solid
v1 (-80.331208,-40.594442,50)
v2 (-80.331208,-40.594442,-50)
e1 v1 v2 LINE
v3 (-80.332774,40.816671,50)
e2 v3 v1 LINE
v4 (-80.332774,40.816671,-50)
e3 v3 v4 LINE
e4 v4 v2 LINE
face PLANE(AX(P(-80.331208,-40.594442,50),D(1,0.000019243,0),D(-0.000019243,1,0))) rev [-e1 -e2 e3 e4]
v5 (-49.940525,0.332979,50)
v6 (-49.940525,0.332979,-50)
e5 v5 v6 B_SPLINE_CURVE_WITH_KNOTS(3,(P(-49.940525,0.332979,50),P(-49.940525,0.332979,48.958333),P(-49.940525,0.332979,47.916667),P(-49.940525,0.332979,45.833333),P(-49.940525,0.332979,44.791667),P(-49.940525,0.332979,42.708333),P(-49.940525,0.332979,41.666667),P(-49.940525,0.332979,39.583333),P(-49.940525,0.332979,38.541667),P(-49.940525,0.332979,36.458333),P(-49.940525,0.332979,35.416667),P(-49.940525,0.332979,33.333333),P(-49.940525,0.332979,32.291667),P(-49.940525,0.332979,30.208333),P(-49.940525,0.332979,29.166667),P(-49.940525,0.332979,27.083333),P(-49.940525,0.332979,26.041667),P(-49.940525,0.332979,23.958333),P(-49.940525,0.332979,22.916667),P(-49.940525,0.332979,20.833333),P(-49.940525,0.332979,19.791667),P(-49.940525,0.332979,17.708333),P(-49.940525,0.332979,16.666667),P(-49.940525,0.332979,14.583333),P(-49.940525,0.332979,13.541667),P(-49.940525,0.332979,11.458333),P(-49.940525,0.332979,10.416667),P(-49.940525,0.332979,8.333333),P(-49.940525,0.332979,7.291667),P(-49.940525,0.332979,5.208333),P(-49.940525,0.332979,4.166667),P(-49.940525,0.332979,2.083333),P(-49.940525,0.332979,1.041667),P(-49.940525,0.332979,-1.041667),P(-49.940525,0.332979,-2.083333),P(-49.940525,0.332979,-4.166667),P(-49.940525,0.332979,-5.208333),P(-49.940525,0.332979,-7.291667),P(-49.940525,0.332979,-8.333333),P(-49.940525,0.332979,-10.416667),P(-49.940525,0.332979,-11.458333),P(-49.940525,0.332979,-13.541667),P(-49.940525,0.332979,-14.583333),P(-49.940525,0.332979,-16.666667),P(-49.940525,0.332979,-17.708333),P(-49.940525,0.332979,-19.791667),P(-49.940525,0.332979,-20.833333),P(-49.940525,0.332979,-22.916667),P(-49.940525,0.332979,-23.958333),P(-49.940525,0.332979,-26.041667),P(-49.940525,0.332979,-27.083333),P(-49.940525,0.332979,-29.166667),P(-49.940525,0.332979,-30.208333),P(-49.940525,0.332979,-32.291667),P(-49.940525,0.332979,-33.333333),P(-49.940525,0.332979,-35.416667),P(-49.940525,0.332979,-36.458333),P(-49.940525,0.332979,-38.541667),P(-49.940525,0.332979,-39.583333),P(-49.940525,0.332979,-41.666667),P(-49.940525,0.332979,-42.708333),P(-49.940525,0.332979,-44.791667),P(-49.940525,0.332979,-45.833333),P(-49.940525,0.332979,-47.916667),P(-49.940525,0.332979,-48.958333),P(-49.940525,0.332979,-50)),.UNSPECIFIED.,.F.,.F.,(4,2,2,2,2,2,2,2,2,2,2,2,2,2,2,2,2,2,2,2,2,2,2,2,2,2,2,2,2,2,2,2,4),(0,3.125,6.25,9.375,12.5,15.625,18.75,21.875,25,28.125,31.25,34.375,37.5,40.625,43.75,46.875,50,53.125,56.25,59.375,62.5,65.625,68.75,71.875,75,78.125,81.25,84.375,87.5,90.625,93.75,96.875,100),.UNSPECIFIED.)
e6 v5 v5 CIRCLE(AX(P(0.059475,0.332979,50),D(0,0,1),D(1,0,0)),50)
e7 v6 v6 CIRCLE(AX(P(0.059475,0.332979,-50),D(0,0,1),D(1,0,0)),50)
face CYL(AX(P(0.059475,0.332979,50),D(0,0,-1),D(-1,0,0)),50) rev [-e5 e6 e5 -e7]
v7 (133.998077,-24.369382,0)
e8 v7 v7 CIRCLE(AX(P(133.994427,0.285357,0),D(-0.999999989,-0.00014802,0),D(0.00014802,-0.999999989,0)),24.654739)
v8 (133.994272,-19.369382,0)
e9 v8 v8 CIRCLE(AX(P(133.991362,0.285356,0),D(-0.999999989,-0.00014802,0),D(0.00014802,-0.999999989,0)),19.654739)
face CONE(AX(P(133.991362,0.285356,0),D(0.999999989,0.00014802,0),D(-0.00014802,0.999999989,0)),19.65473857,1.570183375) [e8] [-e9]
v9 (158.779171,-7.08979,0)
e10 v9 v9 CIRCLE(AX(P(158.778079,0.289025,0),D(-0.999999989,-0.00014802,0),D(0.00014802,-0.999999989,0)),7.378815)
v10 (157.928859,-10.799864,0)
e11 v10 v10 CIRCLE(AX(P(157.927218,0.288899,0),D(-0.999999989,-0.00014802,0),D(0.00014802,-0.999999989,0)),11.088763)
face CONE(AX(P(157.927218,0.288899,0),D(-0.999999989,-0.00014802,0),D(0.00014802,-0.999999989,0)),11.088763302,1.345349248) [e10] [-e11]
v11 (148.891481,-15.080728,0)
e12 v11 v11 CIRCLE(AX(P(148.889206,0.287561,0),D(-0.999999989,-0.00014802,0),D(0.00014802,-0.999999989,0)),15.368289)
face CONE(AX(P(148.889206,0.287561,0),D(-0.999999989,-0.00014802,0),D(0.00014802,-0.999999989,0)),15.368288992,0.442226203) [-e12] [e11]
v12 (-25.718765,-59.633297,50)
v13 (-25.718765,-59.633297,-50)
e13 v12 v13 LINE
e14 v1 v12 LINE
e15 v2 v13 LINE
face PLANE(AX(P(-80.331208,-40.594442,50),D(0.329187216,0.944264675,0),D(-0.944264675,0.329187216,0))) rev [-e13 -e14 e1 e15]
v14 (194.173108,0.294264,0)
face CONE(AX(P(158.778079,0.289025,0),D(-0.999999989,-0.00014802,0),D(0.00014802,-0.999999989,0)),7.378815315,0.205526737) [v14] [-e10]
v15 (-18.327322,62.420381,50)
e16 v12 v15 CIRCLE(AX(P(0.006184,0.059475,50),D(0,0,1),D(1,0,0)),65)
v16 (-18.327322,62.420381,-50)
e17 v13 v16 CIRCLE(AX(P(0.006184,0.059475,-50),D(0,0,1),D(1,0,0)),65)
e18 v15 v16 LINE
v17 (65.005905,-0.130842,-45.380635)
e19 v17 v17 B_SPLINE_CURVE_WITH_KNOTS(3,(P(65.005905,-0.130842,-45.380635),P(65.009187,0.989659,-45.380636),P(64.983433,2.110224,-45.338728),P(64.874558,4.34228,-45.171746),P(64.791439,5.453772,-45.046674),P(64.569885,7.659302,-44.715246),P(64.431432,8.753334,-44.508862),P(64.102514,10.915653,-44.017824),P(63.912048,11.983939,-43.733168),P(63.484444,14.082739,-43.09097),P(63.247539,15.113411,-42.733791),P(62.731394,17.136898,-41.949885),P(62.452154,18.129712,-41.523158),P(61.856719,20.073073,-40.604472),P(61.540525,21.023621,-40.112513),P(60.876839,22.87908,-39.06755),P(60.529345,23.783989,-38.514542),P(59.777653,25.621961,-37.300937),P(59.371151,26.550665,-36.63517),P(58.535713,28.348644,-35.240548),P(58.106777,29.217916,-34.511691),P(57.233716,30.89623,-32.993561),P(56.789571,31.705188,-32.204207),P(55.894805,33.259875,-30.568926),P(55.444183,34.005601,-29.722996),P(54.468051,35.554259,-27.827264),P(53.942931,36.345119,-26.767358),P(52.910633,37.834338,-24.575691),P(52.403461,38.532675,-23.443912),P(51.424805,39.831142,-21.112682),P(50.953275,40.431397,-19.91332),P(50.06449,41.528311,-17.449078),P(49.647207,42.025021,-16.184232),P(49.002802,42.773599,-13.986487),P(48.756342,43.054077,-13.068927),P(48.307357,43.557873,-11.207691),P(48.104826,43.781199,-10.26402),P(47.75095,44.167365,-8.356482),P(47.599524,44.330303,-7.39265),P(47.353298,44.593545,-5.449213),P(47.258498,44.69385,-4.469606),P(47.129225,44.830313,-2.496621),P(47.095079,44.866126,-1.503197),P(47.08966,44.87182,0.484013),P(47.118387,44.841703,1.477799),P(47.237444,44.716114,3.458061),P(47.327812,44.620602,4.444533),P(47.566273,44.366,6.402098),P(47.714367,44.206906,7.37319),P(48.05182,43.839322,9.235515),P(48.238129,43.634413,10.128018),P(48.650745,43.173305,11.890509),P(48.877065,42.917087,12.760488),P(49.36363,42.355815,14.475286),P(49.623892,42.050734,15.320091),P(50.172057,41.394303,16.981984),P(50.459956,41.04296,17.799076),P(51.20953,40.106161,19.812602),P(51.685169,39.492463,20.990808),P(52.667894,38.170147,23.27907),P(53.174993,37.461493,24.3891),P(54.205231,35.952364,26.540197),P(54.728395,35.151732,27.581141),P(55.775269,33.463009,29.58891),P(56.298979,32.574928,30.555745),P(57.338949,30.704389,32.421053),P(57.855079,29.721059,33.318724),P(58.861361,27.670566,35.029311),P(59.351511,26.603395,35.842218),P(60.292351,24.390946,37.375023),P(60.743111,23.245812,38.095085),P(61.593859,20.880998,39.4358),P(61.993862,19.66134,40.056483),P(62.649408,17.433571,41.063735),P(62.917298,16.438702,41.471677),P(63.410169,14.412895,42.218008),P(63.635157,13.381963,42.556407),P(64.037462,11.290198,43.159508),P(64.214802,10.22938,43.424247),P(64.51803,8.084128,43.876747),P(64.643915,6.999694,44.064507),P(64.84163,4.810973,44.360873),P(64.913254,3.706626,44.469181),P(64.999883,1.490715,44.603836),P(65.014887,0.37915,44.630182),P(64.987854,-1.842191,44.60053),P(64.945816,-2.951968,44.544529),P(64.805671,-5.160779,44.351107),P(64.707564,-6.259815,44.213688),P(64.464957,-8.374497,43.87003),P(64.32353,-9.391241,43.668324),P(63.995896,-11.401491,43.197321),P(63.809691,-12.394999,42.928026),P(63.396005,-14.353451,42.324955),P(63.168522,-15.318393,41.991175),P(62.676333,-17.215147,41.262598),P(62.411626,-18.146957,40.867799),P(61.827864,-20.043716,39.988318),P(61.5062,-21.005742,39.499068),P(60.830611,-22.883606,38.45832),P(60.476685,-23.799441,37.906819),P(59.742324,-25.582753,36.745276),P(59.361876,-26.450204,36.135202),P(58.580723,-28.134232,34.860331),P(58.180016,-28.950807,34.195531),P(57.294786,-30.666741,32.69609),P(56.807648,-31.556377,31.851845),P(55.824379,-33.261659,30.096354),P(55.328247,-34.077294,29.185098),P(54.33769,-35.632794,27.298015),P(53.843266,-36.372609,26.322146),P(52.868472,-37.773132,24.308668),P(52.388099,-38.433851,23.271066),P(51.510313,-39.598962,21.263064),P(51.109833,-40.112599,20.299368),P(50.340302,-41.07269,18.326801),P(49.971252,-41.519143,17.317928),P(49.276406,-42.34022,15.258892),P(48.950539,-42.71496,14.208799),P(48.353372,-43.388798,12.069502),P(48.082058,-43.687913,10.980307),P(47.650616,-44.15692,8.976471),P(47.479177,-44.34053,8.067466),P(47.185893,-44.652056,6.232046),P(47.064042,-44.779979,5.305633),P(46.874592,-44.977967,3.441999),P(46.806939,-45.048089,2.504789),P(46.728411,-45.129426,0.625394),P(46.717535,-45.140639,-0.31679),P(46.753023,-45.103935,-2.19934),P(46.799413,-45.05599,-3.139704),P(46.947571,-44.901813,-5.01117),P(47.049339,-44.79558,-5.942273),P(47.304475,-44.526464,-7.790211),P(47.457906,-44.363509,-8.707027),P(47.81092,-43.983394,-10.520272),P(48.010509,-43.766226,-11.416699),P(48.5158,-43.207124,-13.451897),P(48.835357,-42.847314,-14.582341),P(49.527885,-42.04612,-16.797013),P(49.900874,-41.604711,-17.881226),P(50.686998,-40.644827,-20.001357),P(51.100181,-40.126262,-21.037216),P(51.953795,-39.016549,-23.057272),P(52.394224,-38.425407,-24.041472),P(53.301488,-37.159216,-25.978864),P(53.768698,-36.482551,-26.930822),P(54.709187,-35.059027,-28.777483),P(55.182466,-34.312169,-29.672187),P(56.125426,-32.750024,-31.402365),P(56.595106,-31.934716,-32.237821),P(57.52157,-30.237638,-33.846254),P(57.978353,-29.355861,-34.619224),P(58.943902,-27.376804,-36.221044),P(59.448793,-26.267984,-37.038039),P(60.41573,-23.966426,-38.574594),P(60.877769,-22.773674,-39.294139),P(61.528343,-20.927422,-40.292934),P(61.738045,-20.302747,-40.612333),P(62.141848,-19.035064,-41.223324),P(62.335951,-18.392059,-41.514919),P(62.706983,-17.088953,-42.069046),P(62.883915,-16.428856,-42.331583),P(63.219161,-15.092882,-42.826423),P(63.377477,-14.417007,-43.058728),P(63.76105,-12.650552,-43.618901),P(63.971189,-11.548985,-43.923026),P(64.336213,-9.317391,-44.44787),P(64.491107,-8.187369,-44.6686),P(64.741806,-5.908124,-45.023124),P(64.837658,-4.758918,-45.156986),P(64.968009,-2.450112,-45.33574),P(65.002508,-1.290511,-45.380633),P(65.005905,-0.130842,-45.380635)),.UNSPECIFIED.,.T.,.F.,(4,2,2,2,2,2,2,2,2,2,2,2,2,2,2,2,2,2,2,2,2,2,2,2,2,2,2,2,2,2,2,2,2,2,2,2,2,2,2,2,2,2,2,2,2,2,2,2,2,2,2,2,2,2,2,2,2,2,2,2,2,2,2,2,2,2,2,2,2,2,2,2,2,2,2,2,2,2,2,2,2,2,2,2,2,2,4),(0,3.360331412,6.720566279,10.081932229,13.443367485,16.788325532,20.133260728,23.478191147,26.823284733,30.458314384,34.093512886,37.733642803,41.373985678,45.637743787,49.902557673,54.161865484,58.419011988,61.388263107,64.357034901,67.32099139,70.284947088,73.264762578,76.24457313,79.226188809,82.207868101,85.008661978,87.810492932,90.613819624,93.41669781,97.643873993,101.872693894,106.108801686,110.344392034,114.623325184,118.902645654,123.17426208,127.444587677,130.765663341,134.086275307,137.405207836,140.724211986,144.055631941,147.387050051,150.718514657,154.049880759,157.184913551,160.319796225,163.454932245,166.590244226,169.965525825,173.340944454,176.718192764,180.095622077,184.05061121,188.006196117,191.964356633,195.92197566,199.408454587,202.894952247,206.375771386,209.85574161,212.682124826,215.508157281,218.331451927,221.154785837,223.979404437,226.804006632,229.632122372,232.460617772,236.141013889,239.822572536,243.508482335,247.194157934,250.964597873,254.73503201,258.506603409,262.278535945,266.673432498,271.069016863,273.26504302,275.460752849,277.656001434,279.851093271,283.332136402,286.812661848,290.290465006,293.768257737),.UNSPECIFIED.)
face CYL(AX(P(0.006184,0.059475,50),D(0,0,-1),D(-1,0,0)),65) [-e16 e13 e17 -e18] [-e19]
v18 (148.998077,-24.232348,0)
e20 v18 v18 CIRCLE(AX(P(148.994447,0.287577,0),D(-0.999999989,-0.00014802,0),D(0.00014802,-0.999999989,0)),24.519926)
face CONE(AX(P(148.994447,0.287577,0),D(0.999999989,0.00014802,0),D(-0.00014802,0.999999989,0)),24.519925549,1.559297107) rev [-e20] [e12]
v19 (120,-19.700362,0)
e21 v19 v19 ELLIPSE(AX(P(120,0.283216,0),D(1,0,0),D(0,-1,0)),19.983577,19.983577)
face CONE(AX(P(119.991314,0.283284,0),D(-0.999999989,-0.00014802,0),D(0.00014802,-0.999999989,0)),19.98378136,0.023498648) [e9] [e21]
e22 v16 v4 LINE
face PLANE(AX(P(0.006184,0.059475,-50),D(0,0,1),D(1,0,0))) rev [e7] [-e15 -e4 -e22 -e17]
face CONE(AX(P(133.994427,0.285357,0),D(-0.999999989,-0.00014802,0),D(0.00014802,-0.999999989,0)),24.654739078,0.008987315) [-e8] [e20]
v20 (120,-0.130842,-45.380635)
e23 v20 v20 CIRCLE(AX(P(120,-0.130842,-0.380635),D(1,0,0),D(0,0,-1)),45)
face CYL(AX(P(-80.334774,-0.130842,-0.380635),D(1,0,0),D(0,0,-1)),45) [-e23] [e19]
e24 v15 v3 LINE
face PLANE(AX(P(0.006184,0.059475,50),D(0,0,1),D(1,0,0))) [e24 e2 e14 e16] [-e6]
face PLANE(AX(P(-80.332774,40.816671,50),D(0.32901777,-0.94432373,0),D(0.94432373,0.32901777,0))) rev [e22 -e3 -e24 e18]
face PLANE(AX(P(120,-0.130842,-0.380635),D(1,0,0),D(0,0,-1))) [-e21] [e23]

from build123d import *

# Parameters (mm, degrees)
SKETCH1_R                = 50
BOSS_EXTRUDE1_DEPTH      = 50
BOSS_EXTRUDE2_REACH      = 218.485
BOSS_EXTRUDE2_END_RADIUS = 65
SKETCH2_R                = 45


with BuildPart() as part:
    # Sketch1 → Boss-Extrude1 (new, symmetric)
    with BuildSketch(Plane.XY):
        with BuildLine():
            Line((-80.332774103, 40.816671374), (-18.32732241, 62.420380787))
            ThreePointArc((-18.32732241, 62.420380787), (64.887320327, -3.869658553), (-25.718765207, -59.633296758))
            Line((-25.718765207, -59.633296758), (-80.331207523, -40.594442176))
            Line((-80.331207523, -40.594442176), (-80.332774103, 40.816671374))
        make_face()
        with Locations(Location((0.059475093, 0.33297887, 0), (0, 0, 180))):
            Circle(SKETCH1_R, mode=Mode.SUBTRACT)
    extrude(amount=BOSS_EXTRUDE1_DEPTH, both=True)

    # Boss-Extrude2: up to this cylinder (the profile starts outside it)
    boss_extrude2_end = Plane(origin=(0.006183555, 0.059475093, -0.380635), z_dir=(0, 0, -1)) * Cylinder(BOSS_EXTRUDE2_END_RADIUS, 567.97, mode=Mode.PRIVATE)
    # Sketch2 → Boss-Extrude2 (add, up to the surface)
    with BuildSketch(Plane(origin=(120, 0, 0), x_dir=(0, 0, -1), z_dir=(1, 0, 0)), mode=Mode.PRIVATE) as boss_extrude2_sk1:
        with Locations((0.380634668, -0.130842241)):
            Circle(SKETCH2_R)
    boss_extrude2_tool1 = extrude(boss_extrude2_sk1.sketch, amount=-BOSS_EXTRUDE2_REACH, mode=Mode.PRIVATE) - boss_extrude2_end
    add(boss_extrude2_tool1.solids().sort_by_distance((120, -0.130842, -0.380635))[0])

    # Sketch4 → Revolve1 (revolve)
    with BuildSketch(Plane.XY):
        Polygon((119.999333132, 0.283284997), (194.173107585, 0.294264183), (158.779171315, -7.089790216), (157.928859049, -10.799864107), (148.89148066, -15.080727554), (148.998076603, -24.232348433), (133.998076603, -24.369382261), (133.994271745, -19.369382261), (119.994271745, -19.700497331), align=None)
    revolve(axis=Axis((119.999333132, 0.283284997, 0), (0.9999999890450703, 0.00014801979444003187, 0)))


solid = part.part
